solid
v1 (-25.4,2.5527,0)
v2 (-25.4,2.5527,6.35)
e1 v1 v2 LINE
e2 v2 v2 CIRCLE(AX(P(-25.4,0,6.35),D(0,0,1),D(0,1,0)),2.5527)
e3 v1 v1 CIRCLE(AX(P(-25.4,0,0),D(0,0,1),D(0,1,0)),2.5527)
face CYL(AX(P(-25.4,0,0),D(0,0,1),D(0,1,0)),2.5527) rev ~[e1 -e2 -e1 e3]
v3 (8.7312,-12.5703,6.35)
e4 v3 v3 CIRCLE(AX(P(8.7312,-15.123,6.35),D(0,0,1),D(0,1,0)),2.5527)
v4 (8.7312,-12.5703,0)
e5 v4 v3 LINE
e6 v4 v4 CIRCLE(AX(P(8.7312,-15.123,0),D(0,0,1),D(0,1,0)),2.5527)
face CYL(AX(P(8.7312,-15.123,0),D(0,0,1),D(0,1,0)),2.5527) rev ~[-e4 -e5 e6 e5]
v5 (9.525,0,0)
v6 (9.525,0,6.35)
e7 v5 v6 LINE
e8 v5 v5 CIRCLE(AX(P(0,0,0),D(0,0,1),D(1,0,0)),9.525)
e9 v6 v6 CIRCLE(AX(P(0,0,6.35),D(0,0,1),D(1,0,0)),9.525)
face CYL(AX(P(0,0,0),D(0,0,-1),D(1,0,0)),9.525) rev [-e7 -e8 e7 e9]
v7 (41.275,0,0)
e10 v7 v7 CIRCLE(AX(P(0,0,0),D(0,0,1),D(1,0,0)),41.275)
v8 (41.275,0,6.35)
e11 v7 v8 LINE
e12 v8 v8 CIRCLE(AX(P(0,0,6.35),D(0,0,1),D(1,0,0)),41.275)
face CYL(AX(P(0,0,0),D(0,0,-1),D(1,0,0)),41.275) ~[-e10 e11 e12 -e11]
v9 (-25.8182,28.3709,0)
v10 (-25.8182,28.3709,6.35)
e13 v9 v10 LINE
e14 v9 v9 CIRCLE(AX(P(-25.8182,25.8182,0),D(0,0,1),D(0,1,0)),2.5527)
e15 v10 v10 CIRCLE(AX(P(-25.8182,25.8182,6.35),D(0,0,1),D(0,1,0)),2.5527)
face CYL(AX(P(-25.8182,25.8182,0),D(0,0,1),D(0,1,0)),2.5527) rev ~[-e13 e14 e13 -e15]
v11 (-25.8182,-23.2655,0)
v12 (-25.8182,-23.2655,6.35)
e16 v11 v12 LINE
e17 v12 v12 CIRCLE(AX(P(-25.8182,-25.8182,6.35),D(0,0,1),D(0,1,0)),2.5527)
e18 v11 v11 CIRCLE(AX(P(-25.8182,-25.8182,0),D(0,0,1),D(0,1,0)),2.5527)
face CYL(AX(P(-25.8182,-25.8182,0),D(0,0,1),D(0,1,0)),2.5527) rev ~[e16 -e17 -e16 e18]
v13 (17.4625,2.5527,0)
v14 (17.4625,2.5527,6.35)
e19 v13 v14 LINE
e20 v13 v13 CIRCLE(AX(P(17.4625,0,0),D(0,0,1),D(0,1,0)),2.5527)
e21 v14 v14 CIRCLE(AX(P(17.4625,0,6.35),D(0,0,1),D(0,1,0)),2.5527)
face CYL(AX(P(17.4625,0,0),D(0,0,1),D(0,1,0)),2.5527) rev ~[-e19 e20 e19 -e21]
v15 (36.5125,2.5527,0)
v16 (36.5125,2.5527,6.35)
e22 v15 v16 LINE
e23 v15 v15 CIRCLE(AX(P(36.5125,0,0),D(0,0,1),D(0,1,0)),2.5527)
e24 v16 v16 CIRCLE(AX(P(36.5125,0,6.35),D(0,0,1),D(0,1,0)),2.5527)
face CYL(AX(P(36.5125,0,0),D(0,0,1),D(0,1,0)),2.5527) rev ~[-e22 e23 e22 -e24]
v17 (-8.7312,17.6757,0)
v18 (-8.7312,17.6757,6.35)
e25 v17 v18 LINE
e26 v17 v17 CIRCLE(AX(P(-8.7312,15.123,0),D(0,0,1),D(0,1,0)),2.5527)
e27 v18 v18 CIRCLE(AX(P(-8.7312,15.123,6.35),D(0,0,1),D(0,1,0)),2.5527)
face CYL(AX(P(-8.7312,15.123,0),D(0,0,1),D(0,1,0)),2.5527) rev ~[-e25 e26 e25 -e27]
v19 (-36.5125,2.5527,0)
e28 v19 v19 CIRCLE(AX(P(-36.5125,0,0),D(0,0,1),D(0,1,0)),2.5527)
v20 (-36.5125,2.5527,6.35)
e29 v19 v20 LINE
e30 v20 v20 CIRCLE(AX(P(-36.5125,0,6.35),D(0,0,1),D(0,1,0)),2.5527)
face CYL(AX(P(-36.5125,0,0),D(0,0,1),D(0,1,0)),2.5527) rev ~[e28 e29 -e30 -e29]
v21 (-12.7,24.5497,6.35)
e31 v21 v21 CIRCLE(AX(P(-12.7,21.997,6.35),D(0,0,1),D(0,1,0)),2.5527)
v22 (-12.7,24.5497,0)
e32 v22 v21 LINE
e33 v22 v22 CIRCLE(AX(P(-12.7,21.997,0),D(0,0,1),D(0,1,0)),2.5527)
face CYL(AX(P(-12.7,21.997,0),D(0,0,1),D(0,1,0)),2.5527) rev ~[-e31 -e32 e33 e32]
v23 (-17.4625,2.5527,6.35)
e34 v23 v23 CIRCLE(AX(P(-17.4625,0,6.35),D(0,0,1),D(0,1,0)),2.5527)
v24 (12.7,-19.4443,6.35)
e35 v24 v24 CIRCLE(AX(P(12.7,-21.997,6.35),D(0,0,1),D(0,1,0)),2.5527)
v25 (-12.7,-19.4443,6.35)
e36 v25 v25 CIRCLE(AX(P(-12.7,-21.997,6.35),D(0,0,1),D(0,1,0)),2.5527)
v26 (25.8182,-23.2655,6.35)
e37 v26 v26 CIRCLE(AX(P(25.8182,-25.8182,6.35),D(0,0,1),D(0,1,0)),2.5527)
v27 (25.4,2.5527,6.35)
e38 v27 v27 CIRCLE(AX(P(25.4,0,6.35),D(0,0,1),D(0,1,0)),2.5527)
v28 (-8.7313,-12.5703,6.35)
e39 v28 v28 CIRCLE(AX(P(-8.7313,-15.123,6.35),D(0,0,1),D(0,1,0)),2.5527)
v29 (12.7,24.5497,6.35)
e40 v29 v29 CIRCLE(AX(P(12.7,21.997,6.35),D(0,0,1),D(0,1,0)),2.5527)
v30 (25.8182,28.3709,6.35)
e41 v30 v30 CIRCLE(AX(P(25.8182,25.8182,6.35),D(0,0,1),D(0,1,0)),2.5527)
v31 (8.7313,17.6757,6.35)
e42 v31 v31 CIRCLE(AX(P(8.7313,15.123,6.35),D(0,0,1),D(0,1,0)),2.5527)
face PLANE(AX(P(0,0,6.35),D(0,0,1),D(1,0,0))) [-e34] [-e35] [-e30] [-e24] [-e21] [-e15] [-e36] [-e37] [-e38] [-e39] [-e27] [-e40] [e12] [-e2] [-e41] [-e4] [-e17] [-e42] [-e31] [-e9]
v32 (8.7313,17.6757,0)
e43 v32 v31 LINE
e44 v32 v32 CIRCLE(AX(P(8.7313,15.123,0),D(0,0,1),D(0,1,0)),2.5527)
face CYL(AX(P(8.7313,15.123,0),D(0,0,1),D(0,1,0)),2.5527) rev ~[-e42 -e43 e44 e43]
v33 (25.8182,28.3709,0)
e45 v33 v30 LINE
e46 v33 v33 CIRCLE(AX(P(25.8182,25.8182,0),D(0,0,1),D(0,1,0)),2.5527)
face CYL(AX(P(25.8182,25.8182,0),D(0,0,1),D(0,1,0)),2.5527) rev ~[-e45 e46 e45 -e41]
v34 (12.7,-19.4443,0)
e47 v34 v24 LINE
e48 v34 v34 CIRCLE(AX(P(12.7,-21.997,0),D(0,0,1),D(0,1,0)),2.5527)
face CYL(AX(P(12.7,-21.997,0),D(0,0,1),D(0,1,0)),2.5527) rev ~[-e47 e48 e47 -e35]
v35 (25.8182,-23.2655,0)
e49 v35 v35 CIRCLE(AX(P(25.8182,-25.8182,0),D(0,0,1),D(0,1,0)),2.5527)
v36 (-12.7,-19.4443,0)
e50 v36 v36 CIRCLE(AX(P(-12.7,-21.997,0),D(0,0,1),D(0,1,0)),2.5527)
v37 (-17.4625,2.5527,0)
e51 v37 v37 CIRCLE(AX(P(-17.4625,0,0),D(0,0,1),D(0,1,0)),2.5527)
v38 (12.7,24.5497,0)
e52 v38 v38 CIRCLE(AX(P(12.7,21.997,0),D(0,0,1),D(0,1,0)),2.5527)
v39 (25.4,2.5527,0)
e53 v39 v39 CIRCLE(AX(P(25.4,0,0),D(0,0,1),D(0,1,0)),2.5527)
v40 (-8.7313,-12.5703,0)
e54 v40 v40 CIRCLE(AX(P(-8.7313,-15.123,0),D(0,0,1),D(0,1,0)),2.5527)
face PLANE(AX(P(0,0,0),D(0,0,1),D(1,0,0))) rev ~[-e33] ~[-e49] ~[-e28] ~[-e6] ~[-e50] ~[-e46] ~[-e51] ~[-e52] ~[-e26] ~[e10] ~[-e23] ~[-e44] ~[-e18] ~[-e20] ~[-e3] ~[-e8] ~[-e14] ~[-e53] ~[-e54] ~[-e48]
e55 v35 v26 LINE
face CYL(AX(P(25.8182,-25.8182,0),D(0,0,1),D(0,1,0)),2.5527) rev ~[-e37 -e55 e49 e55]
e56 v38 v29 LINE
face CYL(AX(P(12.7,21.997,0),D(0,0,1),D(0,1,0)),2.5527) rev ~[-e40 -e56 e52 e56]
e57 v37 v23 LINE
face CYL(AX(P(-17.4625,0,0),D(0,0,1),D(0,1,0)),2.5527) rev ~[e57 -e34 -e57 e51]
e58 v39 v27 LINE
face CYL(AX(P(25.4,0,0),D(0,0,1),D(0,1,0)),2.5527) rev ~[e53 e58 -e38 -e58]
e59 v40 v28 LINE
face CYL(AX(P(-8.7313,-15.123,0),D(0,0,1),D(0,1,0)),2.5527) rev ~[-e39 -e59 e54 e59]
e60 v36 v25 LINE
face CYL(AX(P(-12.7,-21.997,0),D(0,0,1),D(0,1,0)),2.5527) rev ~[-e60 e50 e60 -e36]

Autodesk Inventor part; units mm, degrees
ref_plane "YZ Plane" through (0, 0, 0) normal (1, 0, 0) x (0, 1, 0)
ref_plane "XZ Plane" through (0, 0, 0) normal (0, 1, 0) x (-1, 0, 0)
ref_plane "XY Plane" through (0, 0, 0) normal (0, 0, 1) x (1, 0, 0)
sketch "Sketch1" plane through (0, 0, 0) normal (0, 0, 1) x (1, 0, 0)
  circle A0 centre (0, 0) radius 9.525
  circle A1 centre (0, 0) radius 31.75 construction
  circle A2 centre (-36.5125, 0) radius 4.7625 construction
  circle A3 centre (36.5125, 0) radius 4.7625 construction
  circle A4 centre (0, 0) radius 17.4625 construction
  line L0 (-36.5125, 0) -> (36.5125, 0) construction
  circle A5 centre (0, 0) radius 25.4 construction
  circle A6 centre (0, 0) radius 36.5125 construction
  line L1 (0, 36.5125) -> (0, 0) construction
  line L2 (-25.8182, 25.8182) -> (0, 0) construction
  circle A7 centre (-25.8182, 25.8182) radius 4.7625 construction
  circle A8 centre (-25.8182, -25.8182) radius 4.7625 construction
  circle A9 centre (25.8182, -25.8182) radius 4.7625 construction
  circle A10 centre (25.8182, 25.8182) radius 4.7625 construction
  circle A11 centre (0, 0) radius 41.275
  point P0 (-17.4625, 0)
  point P1 (-25.4, 0)
  point P2 (-12.7, -21.997)
  point P3 (-8.7313, -15.123)
  point P4 (12.7, -21.997)
  point P5 (8.7312, -15.123)
  point P6 (25.4, 0)
  point P7 (17.4625, 0)
  point P8 (12.7, 21.997)
  point P9 (8.7313, 15.123)
  point P10 (-12.7, 21.997)
  point P11 (-8.7312, 15.123)
  dimension "d3" = 34.925
  dimension "d18" = 50.8
  dimension "d0" = 19.05
  dimension "d1" = 63.5
  dimension "d2" = 9.525
  dimension "d21" = 360
  dimension "d30" = 45
  dimension "d33" = 360
  dimension "d37" = 360
extrude "Extrusion1" add sketch "Sketch1" along normal blind 6.35
hole "Hole2" at (-17.4625, 0, 0) at (-36.5125, 0, 0) at (36.5125, 0, 0) at (-25.4, 0, 0) at (-12.7, -21.997, 0) at (-8.7313, -15.123, 0) at (12.7, -21.997, 0) at (8.7312, -15.123, 0) at (25.4, 0, 0) at (17.4625, 0, 0) at (12.7, 21.997, 0) at (8.7313, 15.123, 0) at (-12.7, 21.997, 0) at (-8.7312, 15.123, 0) at (-25.8182, 25.8182, 0) at (25.8182, 25.8182, 0) at (25.8182, -25.8182, 0) at (-25.8182, -25.8182, 0) direction (0, 0, 1) diameter 5.1054 end through all clearance for "Flat Head Machine Screw (82)" size "#10" standard "Ansi Unified Screw Threads"
properties part number "GP9-003" material "Polycarbonate, Smoke"
